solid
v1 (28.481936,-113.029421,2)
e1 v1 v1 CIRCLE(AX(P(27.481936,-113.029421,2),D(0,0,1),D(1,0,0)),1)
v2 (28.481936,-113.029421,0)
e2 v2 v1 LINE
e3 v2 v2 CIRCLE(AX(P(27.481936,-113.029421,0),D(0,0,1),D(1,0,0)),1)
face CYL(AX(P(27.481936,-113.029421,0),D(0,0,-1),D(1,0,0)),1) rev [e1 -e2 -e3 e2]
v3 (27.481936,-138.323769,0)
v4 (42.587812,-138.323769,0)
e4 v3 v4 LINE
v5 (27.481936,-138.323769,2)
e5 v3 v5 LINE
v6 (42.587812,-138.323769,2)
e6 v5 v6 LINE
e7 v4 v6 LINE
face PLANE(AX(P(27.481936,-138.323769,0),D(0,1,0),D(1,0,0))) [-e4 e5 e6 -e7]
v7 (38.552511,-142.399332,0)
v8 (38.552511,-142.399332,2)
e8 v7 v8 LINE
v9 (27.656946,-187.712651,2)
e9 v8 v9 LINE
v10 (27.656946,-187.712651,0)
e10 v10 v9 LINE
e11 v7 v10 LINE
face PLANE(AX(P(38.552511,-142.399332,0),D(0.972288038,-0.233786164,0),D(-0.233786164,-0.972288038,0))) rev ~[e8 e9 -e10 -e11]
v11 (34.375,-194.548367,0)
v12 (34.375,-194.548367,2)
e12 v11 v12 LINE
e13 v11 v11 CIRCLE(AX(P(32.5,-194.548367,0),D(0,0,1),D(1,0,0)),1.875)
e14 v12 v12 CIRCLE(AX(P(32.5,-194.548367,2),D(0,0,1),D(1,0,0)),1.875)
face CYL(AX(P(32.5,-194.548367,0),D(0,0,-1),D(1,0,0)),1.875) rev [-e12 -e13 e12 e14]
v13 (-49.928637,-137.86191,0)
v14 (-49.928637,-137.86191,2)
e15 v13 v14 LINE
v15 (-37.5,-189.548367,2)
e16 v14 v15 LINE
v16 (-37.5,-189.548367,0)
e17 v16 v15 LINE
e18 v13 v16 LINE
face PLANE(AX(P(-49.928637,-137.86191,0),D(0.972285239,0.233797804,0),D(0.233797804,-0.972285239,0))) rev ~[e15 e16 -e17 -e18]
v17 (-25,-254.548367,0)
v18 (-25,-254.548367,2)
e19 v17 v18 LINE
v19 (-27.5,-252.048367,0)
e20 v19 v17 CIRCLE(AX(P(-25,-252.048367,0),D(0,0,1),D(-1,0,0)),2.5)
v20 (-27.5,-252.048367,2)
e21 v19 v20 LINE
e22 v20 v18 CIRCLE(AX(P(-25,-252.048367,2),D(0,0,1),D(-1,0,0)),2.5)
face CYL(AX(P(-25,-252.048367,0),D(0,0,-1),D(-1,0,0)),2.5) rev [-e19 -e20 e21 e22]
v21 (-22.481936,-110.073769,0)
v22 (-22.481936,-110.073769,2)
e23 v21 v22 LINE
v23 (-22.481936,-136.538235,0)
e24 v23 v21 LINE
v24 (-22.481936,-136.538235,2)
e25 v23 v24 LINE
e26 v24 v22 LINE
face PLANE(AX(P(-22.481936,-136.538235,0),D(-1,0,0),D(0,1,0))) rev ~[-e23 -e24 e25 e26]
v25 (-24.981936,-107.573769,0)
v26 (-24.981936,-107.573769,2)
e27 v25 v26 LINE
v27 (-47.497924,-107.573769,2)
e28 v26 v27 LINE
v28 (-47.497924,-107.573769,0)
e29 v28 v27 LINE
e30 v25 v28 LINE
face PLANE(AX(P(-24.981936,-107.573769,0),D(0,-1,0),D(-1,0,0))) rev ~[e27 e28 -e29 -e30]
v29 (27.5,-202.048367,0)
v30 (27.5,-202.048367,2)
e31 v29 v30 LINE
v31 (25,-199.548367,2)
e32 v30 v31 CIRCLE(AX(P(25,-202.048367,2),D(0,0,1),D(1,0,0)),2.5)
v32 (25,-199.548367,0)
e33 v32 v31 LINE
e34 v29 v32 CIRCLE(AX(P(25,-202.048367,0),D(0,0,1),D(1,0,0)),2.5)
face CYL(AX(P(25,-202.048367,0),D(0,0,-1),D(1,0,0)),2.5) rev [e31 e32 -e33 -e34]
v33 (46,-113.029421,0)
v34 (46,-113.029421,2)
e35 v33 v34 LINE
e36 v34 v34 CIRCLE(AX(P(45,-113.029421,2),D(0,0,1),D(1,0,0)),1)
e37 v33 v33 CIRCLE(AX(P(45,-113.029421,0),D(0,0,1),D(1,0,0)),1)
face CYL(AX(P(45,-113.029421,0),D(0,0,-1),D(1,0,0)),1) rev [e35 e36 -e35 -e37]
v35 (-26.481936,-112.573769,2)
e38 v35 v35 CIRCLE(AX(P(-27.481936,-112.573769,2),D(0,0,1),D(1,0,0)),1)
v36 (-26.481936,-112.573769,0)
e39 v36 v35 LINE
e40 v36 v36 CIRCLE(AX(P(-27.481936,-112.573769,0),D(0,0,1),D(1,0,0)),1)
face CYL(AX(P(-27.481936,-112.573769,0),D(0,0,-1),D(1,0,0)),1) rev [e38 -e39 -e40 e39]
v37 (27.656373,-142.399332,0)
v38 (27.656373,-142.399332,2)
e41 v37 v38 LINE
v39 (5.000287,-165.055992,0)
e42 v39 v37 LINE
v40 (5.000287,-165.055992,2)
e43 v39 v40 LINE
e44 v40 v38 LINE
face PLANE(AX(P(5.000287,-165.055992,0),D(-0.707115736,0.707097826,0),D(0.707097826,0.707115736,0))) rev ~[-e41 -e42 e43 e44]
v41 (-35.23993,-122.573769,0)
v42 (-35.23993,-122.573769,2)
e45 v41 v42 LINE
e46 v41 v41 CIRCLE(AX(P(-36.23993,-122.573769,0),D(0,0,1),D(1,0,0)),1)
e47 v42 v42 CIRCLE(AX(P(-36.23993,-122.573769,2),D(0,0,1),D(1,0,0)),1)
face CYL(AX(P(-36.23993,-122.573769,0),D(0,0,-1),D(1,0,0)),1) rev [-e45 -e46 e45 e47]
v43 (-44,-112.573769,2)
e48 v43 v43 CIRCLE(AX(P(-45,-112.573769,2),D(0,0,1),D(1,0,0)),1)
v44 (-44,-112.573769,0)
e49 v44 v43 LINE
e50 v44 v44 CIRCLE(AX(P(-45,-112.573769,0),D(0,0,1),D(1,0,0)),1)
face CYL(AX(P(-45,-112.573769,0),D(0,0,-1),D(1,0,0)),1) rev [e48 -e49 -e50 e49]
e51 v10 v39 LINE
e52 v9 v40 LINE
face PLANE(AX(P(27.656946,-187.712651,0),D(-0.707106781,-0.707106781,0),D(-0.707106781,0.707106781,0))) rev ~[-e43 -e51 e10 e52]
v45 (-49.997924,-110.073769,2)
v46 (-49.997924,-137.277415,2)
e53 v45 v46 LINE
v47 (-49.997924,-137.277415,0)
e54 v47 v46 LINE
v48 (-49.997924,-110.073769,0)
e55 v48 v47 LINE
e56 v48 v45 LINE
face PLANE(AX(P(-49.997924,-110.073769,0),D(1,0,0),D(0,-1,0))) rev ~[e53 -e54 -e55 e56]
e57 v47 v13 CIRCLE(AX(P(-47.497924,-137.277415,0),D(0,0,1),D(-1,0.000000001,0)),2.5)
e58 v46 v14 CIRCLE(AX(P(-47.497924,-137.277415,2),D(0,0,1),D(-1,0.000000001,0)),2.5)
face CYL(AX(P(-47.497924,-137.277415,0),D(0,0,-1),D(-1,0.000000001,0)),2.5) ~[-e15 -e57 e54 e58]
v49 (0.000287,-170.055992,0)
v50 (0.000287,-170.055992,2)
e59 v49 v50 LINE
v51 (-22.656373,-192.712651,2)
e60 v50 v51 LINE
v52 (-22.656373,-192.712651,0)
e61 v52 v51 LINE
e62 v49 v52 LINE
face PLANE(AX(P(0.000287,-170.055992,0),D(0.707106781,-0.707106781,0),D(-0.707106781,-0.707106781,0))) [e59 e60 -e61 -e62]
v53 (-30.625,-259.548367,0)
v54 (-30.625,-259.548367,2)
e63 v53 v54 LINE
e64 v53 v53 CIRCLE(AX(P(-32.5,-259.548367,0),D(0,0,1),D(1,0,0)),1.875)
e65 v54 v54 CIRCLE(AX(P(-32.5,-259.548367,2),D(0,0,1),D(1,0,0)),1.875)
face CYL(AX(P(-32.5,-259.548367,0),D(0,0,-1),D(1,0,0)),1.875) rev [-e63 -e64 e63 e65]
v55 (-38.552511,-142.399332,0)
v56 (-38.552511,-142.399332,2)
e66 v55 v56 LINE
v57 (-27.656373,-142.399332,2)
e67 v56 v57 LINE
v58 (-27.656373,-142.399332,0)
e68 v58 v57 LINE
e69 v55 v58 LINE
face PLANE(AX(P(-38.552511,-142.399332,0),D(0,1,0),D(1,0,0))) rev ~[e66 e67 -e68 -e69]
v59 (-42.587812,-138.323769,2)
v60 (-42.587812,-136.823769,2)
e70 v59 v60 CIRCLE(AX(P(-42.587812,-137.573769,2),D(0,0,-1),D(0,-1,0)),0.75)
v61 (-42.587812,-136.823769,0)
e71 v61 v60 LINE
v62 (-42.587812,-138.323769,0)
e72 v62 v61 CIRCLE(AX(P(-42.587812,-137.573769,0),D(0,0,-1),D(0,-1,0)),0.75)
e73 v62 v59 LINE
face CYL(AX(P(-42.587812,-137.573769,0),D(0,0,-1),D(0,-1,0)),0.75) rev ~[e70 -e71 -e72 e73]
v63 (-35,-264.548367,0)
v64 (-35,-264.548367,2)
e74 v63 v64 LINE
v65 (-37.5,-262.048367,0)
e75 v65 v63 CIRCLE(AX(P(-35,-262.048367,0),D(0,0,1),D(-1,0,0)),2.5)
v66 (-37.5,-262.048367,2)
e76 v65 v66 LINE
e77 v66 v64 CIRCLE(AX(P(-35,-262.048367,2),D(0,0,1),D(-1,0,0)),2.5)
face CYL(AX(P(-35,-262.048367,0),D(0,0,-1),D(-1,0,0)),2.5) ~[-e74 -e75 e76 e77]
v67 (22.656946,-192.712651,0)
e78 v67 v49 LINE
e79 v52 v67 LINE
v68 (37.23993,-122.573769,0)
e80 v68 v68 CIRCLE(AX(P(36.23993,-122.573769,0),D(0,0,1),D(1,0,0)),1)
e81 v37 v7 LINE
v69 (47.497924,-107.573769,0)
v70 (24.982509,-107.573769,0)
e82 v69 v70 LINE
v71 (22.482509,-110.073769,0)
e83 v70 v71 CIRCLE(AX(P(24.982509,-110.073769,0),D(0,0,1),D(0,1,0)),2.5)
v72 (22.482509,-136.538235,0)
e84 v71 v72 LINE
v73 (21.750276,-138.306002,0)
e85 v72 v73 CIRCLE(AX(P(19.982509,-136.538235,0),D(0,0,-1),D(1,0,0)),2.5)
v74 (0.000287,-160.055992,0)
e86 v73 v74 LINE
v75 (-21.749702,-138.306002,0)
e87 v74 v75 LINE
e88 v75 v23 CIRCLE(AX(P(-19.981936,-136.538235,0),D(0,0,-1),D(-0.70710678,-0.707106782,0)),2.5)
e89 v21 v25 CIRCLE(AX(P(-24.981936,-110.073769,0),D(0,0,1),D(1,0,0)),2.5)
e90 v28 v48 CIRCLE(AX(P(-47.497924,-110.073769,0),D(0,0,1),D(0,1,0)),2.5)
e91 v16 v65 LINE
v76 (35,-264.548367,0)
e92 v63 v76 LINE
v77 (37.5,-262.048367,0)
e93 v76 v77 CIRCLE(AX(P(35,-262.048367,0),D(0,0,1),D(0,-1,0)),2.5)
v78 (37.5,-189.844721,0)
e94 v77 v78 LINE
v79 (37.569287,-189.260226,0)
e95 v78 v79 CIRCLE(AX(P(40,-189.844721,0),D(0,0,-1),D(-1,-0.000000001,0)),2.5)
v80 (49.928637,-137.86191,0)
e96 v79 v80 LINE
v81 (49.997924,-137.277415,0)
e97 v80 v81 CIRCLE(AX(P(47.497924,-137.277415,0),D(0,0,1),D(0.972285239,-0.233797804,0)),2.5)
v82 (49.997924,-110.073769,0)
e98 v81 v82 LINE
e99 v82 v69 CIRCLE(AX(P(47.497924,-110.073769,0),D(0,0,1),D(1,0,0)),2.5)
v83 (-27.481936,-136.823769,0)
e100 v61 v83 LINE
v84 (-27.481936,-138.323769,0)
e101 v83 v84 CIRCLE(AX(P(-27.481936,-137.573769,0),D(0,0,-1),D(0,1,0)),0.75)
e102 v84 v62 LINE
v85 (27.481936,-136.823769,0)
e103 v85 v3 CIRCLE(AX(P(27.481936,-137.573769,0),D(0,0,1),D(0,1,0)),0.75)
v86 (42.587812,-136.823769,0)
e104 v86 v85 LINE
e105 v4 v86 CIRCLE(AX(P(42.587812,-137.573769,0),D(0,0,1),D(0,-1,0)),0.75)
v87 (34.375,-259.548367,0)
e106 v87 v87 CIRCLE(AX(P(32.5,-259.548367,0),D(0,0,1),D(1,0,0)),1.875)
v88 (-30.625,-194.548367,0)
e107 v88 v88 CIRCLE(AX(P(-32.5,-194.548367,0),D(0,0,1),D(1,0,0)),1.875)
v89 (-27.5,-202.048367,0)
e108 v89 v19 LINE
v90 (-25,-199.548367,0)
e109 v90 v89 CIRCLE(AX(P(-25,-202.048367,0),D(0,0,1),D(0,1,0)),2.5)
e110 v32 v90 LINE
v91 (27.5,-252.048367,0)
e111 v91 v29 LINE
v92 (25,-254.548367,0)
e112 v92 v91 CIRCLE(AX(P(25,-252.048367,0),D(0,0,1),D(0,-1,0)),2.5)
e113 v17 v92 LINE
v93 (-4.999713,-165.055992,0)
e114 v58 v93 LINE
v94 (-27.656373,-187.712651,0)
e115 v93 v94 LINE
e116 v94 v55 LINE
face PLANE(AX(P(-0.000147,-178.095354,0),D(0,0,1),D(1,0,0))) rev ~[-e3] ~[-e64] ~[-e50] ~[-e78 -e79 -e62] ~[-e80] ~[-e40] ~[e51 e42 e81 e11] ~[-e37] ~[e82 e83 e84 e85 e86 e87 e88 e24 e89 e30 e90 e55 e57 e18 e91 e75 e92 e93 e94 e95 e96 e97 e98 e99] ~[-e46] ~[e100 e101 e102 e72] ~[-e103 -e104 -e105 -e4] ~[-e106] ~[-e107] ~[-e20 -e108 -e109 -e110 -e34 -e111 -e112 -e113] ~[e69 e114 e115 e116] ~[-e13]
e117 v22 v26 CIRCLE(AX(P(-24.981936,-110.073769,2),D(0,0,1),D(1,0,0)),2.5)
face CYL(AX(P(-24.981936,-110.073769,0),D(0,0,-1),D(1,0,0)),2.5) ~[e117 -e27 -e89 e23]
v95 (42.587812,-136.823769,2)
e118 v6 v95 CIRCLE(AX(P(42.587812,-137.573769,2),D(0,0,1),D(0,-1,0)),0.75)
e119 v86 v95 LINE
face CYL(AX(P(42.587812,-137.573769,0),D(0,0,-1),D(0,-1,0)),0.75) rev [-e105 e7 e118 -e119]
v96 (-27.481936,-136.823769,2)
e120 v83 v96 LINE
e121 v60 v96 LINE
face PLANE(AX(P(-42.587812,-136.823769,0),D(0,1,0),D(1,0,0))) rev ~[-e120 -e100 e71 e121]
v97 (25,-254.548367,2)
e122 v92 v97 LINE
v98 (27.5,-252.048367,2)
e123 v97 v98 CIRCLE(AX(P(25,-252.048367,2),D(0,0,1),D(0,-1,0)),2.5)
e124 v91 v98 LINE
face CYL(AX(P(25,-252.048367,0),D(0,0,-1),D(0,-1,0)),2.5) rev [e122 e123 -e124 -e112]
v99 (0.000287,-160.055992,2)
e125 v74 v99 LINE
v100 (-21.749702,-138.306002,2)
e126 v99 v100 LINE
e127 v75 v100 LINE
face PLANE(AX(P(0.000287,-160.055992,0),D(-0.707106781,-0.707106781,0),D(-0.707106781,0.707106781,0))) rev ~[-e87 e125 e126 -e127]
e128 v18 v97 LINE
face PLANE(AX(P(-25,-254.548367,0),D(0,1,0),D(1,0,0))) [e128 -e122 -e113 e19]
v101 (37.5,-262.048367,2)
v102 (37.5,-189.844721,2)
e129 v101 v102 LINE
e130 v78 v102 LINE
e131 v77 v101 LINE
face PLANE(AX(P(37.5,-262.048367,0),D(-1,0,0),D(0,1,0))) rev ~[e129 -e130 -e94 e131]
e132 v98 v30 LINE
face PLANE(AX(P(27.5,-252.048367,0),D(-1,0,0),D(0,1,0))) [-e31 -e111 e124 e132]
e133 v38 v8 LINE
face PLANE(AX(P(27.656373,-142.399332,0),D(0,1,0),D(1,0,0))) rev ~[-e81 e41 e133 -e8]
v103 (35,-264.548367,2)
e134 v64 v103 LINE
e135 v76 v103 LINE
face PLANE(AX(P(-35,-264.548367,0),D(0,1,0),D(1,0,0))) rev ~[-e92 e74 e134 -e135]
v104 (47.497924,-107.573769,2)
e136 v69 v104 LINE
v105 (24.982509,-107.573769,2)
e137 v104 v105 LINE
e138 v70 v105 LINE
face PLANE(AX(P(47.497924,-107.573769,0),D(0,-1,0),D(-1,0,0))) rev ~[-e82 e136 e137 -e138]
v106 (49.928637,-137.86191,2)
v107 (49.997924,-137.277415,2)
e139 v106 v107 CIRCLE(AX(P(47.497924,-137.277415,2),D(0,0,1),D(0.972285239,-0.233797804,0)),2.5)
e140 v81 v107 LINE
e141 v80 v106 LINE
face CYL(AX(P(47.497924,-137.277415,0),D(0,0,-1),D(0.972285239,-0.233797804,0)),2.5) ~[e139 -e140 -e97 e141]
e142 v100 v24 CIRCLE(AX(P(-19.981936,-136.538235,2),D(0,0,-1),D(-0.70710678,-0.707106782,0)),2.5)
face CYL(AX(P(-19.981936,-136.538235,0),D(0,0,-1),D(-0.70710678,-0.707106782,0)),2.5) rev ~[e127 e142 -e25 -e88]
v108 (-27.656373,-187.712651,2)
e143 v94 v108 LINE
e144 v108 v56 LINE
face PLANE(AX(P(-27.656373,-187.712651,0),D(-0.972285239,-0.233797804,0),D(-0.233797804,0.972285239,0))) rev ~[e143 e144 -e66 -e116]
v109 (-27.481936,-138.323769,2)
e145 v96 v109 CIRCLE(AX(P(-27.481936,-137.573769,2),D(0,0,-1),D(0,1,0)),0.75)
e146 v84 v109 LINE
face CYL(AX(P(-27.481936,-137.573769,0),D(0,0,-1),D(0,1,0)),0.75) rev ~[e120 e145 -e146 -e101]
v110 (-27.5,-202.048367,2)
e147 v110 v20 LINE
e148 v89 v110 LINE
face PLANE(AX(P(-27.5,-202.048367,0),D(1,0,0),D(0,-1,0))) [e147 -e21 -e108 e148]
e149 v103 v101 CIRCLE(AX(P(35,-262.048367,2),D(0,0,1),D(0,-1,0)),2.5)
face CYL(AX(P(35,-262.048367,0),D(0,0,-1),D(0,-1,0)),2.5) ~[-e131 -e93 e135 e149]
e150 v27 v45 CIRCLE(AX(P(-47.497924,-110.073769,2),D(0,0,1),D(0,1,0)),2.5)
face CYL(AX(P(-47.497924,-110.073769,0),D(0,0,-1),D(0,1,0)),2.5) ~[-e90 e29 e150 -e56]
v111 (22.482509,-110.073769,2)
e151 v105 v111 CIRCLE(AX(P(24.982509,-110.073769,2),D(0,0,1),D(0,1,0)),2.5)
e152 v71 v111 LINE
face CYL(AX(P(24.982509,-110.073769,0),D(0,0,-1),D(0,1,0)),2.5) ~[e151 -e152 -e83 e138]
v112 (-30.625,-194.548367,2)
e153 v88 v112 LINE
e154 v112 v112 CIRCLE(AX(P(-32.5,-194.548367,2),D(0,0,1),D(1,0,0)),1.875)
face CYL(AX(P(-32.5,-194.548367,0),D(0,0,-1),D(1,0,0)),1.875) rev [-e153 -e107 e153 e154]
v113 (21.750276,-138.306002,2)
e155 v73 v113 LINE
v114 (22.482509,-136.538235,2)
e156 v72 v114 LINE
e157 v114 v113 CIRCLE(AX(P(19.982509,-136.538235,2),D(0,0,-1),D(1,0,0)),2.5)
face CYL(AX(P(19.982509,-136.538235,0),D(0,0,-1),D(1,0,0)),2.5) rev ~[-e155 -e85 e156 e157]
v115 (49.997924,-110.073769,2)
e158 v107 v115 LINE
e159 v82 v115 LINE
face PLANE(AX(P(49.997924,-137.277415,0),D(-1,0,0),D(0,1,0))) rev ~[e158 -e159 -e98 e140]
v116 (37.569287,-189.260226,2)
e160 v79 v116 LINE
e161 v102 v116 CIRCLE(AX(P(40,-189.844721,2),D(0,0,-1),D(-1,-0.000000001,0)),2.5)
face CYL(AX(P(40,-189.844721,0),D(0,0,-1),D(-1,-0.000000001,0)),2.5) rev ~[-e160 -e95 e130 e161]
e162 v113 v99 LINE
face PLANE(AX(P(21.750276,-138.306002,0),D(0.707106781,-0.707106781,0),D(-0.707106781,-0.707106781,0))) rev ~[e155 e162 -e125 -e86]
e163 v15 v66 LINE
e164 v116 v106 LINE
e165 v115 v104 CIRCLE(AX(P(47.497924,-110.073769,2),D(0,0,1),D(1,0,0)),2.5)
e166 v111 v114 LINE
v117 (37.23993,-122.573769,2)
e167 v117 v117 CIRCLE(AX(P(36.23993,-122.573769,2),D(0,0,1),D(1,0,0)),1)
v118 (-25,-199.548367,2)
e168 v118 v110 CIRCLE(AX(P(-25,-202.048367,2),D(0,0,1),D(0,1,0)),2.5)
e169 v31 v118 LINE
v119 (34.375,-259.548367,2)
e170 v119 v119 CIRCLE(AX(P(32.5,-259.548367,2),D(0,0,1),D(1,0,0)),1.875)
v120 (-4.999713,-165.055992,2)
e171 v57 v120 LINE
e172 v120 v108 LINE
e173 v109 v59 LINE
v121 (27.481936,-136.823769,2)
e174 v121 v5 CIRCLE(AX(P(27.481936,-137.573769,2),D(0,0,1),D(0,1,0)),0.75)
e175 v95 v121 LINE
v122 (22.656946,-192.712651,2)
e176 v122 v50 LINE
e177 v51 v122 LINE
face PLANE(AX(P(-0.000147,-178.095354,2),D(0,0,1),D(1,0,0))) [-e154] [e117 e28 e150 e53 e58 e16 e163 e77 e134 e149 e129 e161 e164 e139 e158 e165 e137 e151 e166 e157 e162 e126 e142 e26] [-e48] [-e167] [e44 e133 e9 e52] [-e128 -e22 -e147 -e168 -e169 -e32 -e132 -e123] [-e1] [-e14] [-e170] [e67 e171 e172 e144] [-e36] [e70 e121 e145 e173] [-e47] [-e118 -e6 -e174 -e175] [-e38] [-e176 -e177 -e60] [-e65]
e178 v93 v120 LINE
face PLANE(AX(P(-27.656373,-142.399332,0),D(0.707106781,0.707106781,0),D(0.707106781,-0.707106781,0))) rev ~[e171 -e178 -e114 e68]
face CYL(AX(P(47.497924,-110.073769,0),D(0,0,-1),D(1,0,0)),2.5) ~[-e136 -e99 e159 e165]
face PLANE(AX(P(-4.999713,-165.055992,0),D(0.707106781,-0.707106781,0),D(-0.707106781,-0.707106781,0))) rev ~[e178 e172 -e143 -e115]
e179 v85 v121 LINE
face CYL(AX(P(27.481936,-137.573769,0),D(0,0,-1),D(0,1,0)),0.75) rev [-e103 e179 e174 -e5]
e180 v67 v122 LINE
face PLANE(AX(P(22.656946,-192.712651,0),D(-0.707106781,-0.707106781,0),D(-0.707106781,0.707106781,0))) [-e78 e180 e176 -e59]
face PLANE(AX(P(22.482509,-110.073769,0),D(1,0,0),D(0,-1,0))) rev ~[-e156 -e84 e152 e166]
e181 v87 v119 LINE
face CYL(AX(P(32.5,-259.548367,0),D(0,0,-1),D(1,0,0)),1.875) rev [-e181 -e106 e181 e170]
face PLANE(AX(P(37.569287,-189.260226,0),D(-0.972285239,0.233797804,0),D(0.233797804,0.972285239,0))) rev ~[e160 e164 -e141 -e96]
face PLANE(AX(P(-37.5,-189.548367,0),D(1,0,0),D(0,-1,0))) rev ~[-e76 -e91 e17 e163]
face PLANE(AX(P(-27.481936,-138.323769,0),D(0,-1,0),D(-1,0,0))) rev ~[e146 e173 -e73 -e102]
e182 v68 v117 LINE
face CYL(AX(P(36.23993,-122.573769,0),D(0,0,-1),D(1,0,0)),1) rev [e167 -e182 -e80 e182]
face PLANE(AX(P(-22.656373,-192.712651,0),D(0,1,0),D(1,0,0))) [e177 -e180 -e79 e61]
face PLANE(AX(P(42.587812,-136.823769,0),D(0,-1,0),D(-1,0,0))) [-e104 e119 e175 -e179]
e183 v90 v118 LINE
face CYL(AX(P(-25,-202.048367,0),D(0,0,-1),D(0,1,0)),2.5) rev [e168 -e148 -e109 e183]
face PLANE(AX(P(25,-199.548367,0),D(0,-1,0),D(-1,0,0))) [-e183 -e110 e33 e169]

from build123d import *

# Parameters (mm, degrees)
SKETCH1_R           = 1.875
SKETCH1_R_2         = 1
BOSS_EXTRUDE2_DEPTH = 2


with BuildPart() as part:
    # Sketch1 → Boss-Extrude2 (new body)
    with BuildSketch(Plane.XY):
        with BuildLine():
            Line((-35, -264.548366883), (35, -264.548366883))
            ThreePointArc((35, -264.548366883), (36.767766953, -263.816133836), (37.5, -262.048366883))
            Line((37.5, -262.048366883), (37.5, -189.844720828))
            ThreePointArc((37.5, -189.844720828), (37.517382153, -189.550427391), (37.569286901, -189.260226318))
            Line((37.569286901, -189.260226318), (49.928636869, -137.861909768))
            ThreePointArc((49.928636869, -137.861909768), (49.980541617, -137.571708695), (49.99792377, -137.277415258))
            Line((49.99792377, -137.277415258), (49.99792377, -110.073769203))
            ThreePointArc((49.99792377, -110.073769203), (49.265690723, -108.30600225), (47.49792377, -107.573769203))
            Line((47.49792377, -107.573769203), (24.98250936, -107.573769203))
            ThreePointArc((24.98250936, -107.573769203), (23.214742407, -108.30600225), (22.48250936, -110.073769203))
            Line((22.48250936, -110.073769203), (22.48250936, -136.538235297))
            ThreePointArc((22.48250936, -136.538235297), (22.292208191, -137.494943878), (21.750276313, -138.30600225))
            Line((21.750276313, -138.30600225), (0.000286917, -160.055991645))
            Line((0.000286917, -160.055991645), (-21.749702478, -138.30600225))
            ThreePointArc((-21.749702478, -138.30600225), (-22.291634357, -137.494943878), (-22.481935525, -136.538235297))
            Line((-22.481935525, -136.538235297), (-22.481935525, -110.073769203))
            ThreePointArc((-22.481935525, -110.073769203), (-23.214168572, -108.30600225), (-24.981935525, -107.573769203))
            Line((-24.981935525, -107.573769203), (-47.49792377, -107.573769203))
            ThreePointArc((-47.49792377, -107.573769203), (-49.265690723, -108.30600225), (-49.99792377, -110.073769203))
            Line((-49.99792377, -110.073769203), (-49.99792377, -137.277415258))
            ThreePointArc((-49.99792377, -137.277415258), (-49.980541617, -137.571708695), (-49.928636869, -137.861909768))
            Line((-49.928636869, -137.861909768), (-37.5, -189.548366883))
            Line((-37.5, -189.548366883), (-37.5, -262.048366883))
            ThreePointArc((-37.5, -262.048366883), (-36.767766953, -263.816133836), (-35, -264.548366883))
        make_face()
        with Locations((32.5, -259.548366883)):
            Circle(SKETCH1_R, mode=Mode.SUBTRACT)
        with Locations((-32.5, -259.548366883)):
            Circle(SKETCH1_R, mode=Mode.SUBTRACT)
        with Locations((-32.5, -194.548366883)):
            Circle(SKETCH1_R, mode=Mode.SUBTRACT)
        with Locations((32.5, -194.548366883)):
            Circle(SKETCH1_R, mode=Mode.SUBTRACT)
        with Locations((-45, -112.573769203)):
            Circle(SKETCH1_R_2, mode=Mode.SUBTRACT)
        with Locations((-27.481935525, -112.573769203)):
            Circle(SKETCH1_R_2, mode=Mode.SUBTRACT)
        with Locations((27.481935525, -113.029421113)):
            Circle(SKETCH1_R_2, mode=Mode.SUBTRACT)
        with Locations((45, -113.029421113)):
            Circle(SKETCH1_R_2, mode=Mode.SUBTRACT)
        with Locations((-36.239929648, -122.573769203)):
            Circle(SKETCH1_R_2, mode=Mode.SUBTRACT)
        with Locations((36.239929648, -122.573769203)):
            Circle(SKETCH1_R_2, mode=Mode.SUBTRACT)
        Polygon((-27.65637254, -187.712651103), (-38.552510863, -142.399332188), (-27.65637254, -142.399332188), (-4.999713083, -165.055991645), align=None, mode=Mode.SUBTRACT)
        Polygon((38.552510863, -142.399332188), (27.656946375, -187.712651103), (5.000286917, -165.055991645), (27.65637254, -142.399332188), align=None, mode=Mode.SUBTRACT)
        with BuildLine():
            Line((-27.5, -204.548366883), (-27.5, -249.548366883))
            Line((-27.5, -249.548366883), (-27.5, -252.048366883))
            ThreePointArc((-27.5, -252.048366883), (-26.767766953, -253.816133836), (-25, -254.548366883))
            Line((-25, -254.548366883), (-16.464466094, -254.548366883))
            Line((-16.464466094, -254.548366883), (16.464466094, -254.548366883))
            Line((16.464466094, -254.548366883), (25, -254.548366883))
            ThreePointArc((25, -254.548366883), (26.767766953, -253.816133836), (27.5, -252.048366883))
            Line((27.5, -252.048366883), (27.5, -249.548366883))
            Line((27.5, -249.548366883), (27.5, -204.548366883))
            Line((27.5, -204.548366883), (27.5, -202.048366883))
            ThreePointArc((27.5, -202.048366883), (26.767766953, -200.28059993), (25, -199.548366883))
            Line((25, -199.548366883), (22.5, -199.548366883))
            Line((22.5, -199.548366883), (-22.5, -199.548366883))
            Line((-22.5, -199.548366883), (-25, -199.548366883))
            ThreePointArc((-25, -199.548366883), (-26.767766953, -200.28059993), (-27.5, -202.048366883))
            Line((-27.5, -202.048366883), (-27.5, -204.548366883))
        make_face(mode=Mode.SUBTRACT)
        Polygon((-22.65637254, -192.712651103), (22.656946375, -192.712651103), (0.000286917, -170.055991645), align=None, mode=Mode.SUBTRACT)
        with BuildLine():
            Line((-42.587811549, -136.823769203), (-27.481935525, -136.823769203))
            ThreePointArc((-27.481935525, -136.823769203), (-26.731935525, -137.573769203), (-27.481935525, -138.323769203))
            Line((-27.481935525, -138.323769203), (-42.587811549, -138.323769203))
            ThreePointArc((-42.587811549, -138.323769203), (-43.337811549, -137.573769203), (-42.587811549, -136.823769203))
        make_face(mode=Mode.SUBTRACT)
        with BuildLine():
            Line((42.587811549, -136.823769203), (27.481935525, -136.823769203))
            ThreePointArc((27.481935525, -136.823769203), (26.731935525, -137.573769203), (27.481935525, -138.323769203))
            Line((27.481935525, -138.323769203), (42.587811549, -138.323769203))
            ThreePointArc((42.587811549, -138.323769203), (43.337811549, -137.573769203), (42.587811549, -136.823769203))
        make_face(mode=Mode.SUBTRACT)
    extrude(amount=BOSS_EXTRUDE2_DEPTH)


solid = part.part
